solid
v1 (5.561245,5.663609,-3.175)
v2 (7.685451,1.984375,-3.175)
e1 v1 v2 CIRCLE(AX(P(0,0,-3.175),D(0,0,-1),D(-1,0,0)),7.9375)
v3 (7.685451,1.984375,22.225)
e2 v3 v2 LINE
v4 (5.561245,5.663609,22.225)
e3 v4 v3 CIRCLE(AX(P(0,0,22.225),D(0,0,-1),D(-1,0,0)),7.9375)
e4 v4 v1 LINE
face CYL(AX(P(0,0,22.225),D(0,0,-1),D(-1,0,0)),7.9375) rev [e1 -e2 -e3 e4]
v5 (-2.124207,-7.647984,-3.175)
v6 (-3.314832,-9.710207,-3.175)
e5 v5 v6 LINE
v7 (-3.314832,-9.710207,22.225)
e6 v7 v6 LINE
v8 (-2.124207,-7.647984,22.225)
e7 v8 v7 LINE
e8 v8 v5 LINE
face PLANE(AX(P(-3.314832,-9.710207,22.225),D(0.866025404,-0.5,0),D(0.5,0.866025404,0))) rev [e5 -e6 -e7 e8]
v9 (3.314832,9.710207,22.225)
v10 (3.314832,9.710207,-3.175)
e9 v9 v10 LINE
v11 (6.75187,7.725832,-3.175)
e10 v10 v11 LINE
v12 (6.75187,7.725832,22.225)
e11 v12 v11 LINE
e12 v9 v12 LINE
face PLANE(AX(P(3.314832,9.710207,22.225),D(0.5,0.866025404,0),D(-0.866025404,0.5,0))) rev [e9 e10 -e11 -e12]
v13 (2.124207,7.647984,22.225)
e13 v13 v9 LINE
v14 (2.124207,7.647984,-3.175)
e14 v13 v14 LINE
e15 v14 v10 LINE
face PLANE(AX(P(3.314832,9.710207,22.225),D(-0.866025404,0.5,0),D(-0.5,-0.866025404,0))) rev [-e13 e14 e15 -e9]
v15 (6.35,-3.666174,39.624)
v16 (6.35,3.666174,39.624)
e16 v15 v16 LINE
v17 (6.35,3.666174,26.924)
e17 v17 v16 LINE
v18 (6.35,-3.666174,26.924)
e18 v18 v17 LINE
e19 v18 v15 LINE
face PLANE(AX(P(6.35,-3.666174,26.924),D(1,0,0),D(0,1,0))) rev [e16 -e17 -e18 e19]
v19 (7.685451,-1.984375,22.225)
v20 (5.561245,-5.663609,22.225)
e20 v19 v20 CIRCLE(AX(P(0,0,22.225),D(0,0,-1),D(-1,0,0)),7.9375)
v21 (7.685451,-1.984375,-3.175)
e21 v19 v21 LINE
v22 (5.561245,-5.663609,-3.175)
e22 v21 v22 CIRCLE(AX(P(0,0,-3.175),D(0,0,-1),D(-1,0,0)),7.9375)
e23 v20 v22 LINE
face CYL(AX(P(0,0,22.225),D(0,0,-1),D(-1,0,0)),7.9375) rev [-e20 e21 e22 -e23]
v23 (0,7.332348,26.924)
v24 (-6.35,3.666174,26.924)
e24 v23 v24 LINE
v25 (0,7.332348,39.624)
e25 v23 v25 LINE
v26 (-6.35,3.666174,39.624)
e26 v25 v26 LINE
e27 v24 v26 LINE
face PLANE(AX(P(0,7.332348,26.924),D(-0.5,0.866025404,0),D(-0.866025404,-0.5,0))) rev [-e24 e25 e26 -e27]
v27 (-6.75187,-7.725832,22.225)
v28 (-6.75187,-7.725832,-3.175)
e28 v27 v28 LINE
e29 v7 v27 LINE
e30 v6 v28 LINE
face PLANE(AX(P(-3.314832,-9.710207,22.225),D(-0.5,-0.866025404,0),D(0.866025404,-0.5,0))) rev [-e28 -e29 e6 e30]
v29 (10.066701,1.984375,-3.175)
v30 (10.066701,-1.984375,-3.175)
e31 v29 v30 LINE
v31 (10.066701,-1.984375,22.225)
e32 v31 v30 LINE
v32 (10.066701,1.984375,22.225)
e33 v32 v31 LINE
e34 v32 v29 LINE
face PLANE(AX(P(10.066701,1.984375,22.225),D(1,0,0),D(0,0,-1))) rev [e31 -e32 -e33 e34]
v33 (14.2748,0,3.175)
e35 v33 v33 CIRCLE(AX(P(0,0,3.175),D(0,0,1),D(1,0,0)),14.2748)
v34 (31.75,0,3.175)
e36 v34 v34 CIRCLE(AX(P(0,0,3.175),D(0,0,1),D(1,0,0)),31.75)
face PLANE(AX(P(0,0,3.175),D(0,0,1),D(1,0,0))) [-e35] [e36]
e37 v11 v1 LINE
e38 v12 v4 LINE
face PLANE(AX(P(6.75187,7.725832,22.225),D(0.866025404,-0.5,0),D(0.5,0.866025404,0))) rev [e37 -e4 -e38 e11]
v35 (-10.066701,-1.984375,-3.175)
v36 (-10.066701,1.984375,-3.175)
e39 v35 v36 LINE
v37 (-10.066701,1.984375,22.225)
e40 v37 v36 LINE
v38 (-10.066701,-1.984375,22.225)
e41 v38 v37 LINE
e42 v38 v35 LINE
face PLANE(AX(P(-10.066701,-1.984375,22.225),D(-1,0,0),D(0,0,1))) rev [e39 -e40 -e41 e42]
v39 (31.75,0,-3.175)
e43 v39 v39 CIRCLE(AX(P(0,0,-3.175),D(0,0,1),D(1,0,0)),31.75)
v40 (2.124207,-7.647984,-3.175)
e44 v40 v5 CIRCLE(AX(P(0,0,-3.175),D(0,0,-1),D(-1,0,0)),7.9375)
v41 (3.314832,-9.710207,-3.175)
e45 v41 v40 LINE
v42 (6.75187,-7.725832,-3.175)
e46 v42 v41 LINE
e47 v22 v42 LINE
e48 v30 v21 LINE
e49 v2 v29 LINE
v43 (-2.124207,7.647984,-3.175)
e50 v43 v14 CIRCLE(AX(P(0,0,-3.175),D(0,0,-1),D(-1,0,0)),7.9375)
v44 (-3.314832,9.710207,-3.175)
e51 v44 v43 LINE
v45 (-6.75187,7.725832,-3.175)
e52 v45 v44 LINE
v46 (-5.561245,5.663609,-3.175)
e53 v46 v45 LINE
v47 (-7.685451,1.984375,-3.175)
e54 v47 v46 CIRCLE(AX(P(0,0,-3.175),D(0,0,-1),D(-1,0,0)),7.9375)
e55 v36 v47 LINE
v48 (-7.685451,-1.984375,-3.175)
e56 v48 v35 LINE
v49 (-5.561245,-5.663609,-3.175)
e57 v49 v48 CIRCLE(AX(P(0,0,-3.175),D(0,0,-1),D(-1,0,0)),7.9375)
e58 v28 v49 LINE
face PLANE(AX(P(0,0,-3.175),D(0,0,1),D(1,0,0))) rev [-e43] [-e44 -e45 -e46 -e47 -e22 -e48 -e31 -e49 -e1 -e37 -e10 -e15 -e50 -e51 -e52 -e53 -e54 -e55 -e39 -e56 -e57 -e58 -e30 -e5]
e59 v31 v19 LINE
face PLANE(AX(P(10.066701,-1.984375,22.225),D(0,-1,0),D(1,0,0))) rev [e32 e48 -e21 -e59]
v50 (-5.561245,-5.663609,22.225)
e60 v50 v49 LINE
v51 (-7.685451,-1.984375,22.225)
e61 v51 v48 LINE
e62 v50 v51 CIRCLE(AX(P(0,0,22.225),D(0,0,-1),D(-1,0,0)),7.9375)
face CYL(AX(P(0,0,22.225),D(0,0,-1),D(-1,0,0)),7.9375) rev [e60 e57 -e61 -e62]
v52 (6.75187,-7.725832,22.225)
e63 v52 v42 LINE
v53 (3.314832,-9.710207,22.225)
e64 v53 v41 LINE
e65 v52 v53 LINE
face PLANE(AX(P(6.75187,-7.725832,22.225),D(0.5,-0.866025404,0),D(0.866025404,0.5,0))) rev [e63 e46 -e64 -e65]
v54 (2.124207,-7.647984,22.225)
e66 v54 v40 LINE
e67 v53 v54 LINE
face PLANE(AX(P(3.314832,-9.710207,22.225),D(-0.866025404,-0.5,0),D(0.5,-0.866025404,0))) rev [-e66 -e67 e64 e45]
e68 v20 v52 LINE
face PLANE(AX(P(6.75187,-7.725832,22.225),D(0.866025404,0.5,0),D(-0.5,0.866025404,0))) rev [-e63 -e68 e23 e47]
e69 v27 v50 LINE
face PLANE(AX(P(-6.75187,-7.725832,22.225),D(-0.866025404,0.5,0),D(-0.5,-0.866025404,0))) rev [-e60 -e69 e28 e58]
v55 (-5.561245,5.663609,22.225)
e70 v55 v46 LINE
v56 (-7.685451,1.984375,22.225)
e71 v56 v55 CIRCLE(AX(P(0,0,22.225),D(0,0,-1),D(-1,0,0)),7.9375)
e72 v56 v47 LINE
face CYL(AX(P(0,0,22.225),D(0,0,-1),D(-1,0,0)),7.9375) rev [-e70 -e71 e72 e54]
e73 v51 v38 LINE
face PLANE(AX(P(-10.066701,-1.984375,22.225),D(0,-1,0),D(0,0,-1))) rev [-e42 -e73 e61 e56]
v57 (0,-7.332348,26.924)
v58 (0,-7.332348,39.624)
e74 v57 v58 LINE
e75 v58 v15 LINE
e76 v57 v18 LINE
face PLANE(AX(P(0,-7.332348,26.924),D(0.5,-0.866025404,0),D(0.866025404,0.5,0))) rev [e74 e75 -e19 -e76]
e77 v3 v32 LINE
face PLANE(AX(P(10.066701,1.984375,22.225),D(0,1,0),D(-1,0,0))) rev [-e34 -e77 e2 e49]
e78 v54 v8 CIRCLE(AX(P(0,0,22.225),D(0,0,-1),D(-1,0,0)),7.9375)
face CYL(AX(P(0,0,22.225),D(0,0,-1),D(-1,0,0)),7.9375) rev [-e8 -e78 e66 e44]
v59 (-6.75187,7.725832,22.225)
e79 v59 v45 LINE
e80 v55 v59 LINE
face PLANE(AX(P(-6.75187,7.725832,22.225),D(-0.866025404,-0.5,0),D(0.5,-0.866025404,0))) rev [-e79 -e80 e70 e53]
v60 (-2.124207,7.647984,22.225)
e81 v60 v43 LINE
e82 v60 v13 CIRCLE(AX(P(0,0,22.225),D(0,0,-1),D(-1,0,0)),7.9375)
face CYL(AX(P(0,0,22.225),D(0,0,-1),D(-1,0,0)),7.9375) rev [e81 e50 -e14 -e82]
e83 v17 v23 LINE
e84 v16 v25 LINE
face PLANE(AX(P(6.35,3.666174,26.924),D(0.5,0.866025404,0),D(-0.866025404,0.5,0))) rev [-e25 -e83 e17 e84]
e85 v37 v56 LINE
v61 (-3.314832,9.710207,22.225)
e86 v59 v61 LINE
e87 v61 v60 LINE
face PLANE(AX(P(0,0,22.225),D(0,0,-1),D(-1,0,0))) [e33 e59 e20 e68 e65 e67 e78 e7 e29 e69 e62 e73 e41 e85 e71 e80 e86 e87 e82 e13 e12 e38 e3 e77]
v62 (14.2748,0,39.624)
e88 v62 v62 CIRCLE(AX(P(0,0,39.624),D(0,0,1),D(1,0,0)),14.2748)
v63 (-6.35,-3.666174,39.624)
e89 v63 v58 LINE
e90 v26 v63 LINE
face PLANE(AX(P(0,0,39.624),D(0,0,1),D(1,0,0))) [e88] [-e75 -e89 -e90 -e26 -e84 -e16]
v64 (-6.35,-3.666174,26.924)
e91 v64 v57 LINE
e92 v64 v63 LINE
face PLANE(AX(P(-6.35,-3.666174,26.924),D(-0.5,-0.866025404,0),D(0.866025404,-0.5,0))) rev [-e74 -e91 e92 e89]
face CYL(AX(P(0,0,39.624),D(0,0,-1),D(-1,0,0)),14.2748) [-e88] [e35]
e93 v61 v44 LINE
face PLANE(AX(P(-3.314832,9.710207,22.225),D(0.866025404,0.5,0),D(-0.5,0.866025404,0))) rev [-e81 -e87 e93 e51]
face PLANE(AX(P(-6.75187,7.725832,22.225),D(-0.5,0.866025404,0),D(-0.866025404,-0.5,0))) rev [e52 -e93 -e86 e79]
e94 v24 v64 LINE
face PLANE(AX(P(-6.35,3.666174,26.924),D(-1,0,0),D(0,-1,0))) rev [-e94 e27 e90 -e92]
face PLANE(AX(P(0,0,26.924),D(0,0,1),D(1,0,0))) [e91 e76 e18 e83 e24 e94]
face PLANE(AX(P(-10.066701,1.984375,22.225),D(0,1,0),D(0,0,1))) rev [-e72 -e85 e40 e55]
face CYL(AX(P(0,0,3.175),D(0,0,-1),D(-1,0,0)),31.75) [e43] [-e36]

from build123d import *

# Parameters (mm, degrees)
SKETCH1_R           = 31.75
BOSS_EXTRUDE1_DEPTH = 3.175
SKETCH2_R           = 14.2748
BOSS_EXTRUDE2_DEPTH = 36.449
CUT_EXTRUDE1_DEPTH  = 25.4
CUT_EXTRUDE2_DEPTH  = 12.7


with BuildPart() as part:
    # Sketch1 → Boss-Extrude1 (new, symmetric)
    with BuildSketch(Plane.XY):
        Circle(SKETCH1_R)
    extrude(amount=BOSS_EXTRUDE1_DEPTH, both=True)

    # Sketch2 → Boss-Extrude2 (add)
    with BuildSketch(Plane.XY.offset(3.175)):
        Circle(SKETCH2_R)
    extrude(amount=BOSS_EXTRUDE2_DEPTH)

    # Sketch3 → Cut-Extrude1 (cut)
    with BuildSketch(Plane(origin=(0, 0, -3.175), x_dir=(-1, 0, 0), z_dir=(0, 0, -1))):
        with BuildLine():
            Line((-10.066701328, 1.984375), (-10.066701328, -1.984375))
            Line((-10.066701328, -1.984375), (-7.685451328, -1.984375))
            ThreePointArc((-7.685451328, -1.984375), (-6.874076643, -3.96875), (-5.561244824, -5.663608589))
            Line((-5.561244824, -5.663608589), (-6.751869824, -7.725831582))
            Line((-6.751869824, -7.725831582), (-3.314831503, -9.710206582))
            Line((-3.314831503, -9.710206582), (-2.124206503, -7.647983589))
            ThreePointArc((-2.124206503, -7.647983589), (0, -7.9375), (2.124206503, -7.647983589))
            Line((2.124206503, -7.647983589), (3.314831503, -9.710206582))
            Line((3.314831503, -9.710206582), (6.751869824, -7.725831582))
            Line((6.751869824, -7.725831582), (5.561244824, -5.663608589))
            ThreePointArc((5.561244824, -5.663608589), (6.874076643, -3.96875), (7.685451328, -1.984375))
            Line((7.685451328, -1.984375), (10.066701328, -1.984375))
            Line((10.066701328, -1.984375), (10.066701328, 1.984375))
            Line((10.066701328, 1.984375), (7.685451328, 1.984375))
            ThreePointArc((7.685451328, 1.984375), (6.874076643, 3.96875), (5.561244824, 5.663608589))
            Line((5.561244824, 5.663608589), (6.751869824, 7.725831582))
            Line((6.751869824, 7.725831582), (3.314831503, 9.710206582))
            Line((3.314831503, 9.710206582), (2.124206503, 7.647983589))
            ThreePointArc((2.124206503, 7.647983589), (0, 7.9375), (-2.124206503, 7.647983589))
            Line((-2.124206503, 7.647983589), (-3.314831503, 9.710206582))
            Line((-3.314831503, 9.710206582), (-6.751869824, 7.725831582))
            Line((-6.751869824, 7.725831582), (-5.561244824, 5.663608589))
            ThreePointArc((-5.561244824, 5.663608589), (-6.874076643, 3.96875), (-7.685451328, 1.984375))
            Line((-7.685451328, 1.984375), (-10.066701328, 1.984375))
        make_face()
    extrude(amount=-CUT_EXTRUDE1_DEPTH, mode=Mode.SUBTRACT)

    # Sketch4 → Cut-Extrude2 (cut)
    with BuildSketch(Plane.XY.offset(39.624)):
        Polygon((0, 7.332348419), (-6.35, 3.666174209), (-6.35, -3.666174209), (0, -7.332348419), (6.35, -3.666174209), (6.35, 3.666174209), align=None)
    extrude(amount=-CUT_EXTRUDE2_DEPTH, mode=Mode.SUBTRACT)


solid = part.part
